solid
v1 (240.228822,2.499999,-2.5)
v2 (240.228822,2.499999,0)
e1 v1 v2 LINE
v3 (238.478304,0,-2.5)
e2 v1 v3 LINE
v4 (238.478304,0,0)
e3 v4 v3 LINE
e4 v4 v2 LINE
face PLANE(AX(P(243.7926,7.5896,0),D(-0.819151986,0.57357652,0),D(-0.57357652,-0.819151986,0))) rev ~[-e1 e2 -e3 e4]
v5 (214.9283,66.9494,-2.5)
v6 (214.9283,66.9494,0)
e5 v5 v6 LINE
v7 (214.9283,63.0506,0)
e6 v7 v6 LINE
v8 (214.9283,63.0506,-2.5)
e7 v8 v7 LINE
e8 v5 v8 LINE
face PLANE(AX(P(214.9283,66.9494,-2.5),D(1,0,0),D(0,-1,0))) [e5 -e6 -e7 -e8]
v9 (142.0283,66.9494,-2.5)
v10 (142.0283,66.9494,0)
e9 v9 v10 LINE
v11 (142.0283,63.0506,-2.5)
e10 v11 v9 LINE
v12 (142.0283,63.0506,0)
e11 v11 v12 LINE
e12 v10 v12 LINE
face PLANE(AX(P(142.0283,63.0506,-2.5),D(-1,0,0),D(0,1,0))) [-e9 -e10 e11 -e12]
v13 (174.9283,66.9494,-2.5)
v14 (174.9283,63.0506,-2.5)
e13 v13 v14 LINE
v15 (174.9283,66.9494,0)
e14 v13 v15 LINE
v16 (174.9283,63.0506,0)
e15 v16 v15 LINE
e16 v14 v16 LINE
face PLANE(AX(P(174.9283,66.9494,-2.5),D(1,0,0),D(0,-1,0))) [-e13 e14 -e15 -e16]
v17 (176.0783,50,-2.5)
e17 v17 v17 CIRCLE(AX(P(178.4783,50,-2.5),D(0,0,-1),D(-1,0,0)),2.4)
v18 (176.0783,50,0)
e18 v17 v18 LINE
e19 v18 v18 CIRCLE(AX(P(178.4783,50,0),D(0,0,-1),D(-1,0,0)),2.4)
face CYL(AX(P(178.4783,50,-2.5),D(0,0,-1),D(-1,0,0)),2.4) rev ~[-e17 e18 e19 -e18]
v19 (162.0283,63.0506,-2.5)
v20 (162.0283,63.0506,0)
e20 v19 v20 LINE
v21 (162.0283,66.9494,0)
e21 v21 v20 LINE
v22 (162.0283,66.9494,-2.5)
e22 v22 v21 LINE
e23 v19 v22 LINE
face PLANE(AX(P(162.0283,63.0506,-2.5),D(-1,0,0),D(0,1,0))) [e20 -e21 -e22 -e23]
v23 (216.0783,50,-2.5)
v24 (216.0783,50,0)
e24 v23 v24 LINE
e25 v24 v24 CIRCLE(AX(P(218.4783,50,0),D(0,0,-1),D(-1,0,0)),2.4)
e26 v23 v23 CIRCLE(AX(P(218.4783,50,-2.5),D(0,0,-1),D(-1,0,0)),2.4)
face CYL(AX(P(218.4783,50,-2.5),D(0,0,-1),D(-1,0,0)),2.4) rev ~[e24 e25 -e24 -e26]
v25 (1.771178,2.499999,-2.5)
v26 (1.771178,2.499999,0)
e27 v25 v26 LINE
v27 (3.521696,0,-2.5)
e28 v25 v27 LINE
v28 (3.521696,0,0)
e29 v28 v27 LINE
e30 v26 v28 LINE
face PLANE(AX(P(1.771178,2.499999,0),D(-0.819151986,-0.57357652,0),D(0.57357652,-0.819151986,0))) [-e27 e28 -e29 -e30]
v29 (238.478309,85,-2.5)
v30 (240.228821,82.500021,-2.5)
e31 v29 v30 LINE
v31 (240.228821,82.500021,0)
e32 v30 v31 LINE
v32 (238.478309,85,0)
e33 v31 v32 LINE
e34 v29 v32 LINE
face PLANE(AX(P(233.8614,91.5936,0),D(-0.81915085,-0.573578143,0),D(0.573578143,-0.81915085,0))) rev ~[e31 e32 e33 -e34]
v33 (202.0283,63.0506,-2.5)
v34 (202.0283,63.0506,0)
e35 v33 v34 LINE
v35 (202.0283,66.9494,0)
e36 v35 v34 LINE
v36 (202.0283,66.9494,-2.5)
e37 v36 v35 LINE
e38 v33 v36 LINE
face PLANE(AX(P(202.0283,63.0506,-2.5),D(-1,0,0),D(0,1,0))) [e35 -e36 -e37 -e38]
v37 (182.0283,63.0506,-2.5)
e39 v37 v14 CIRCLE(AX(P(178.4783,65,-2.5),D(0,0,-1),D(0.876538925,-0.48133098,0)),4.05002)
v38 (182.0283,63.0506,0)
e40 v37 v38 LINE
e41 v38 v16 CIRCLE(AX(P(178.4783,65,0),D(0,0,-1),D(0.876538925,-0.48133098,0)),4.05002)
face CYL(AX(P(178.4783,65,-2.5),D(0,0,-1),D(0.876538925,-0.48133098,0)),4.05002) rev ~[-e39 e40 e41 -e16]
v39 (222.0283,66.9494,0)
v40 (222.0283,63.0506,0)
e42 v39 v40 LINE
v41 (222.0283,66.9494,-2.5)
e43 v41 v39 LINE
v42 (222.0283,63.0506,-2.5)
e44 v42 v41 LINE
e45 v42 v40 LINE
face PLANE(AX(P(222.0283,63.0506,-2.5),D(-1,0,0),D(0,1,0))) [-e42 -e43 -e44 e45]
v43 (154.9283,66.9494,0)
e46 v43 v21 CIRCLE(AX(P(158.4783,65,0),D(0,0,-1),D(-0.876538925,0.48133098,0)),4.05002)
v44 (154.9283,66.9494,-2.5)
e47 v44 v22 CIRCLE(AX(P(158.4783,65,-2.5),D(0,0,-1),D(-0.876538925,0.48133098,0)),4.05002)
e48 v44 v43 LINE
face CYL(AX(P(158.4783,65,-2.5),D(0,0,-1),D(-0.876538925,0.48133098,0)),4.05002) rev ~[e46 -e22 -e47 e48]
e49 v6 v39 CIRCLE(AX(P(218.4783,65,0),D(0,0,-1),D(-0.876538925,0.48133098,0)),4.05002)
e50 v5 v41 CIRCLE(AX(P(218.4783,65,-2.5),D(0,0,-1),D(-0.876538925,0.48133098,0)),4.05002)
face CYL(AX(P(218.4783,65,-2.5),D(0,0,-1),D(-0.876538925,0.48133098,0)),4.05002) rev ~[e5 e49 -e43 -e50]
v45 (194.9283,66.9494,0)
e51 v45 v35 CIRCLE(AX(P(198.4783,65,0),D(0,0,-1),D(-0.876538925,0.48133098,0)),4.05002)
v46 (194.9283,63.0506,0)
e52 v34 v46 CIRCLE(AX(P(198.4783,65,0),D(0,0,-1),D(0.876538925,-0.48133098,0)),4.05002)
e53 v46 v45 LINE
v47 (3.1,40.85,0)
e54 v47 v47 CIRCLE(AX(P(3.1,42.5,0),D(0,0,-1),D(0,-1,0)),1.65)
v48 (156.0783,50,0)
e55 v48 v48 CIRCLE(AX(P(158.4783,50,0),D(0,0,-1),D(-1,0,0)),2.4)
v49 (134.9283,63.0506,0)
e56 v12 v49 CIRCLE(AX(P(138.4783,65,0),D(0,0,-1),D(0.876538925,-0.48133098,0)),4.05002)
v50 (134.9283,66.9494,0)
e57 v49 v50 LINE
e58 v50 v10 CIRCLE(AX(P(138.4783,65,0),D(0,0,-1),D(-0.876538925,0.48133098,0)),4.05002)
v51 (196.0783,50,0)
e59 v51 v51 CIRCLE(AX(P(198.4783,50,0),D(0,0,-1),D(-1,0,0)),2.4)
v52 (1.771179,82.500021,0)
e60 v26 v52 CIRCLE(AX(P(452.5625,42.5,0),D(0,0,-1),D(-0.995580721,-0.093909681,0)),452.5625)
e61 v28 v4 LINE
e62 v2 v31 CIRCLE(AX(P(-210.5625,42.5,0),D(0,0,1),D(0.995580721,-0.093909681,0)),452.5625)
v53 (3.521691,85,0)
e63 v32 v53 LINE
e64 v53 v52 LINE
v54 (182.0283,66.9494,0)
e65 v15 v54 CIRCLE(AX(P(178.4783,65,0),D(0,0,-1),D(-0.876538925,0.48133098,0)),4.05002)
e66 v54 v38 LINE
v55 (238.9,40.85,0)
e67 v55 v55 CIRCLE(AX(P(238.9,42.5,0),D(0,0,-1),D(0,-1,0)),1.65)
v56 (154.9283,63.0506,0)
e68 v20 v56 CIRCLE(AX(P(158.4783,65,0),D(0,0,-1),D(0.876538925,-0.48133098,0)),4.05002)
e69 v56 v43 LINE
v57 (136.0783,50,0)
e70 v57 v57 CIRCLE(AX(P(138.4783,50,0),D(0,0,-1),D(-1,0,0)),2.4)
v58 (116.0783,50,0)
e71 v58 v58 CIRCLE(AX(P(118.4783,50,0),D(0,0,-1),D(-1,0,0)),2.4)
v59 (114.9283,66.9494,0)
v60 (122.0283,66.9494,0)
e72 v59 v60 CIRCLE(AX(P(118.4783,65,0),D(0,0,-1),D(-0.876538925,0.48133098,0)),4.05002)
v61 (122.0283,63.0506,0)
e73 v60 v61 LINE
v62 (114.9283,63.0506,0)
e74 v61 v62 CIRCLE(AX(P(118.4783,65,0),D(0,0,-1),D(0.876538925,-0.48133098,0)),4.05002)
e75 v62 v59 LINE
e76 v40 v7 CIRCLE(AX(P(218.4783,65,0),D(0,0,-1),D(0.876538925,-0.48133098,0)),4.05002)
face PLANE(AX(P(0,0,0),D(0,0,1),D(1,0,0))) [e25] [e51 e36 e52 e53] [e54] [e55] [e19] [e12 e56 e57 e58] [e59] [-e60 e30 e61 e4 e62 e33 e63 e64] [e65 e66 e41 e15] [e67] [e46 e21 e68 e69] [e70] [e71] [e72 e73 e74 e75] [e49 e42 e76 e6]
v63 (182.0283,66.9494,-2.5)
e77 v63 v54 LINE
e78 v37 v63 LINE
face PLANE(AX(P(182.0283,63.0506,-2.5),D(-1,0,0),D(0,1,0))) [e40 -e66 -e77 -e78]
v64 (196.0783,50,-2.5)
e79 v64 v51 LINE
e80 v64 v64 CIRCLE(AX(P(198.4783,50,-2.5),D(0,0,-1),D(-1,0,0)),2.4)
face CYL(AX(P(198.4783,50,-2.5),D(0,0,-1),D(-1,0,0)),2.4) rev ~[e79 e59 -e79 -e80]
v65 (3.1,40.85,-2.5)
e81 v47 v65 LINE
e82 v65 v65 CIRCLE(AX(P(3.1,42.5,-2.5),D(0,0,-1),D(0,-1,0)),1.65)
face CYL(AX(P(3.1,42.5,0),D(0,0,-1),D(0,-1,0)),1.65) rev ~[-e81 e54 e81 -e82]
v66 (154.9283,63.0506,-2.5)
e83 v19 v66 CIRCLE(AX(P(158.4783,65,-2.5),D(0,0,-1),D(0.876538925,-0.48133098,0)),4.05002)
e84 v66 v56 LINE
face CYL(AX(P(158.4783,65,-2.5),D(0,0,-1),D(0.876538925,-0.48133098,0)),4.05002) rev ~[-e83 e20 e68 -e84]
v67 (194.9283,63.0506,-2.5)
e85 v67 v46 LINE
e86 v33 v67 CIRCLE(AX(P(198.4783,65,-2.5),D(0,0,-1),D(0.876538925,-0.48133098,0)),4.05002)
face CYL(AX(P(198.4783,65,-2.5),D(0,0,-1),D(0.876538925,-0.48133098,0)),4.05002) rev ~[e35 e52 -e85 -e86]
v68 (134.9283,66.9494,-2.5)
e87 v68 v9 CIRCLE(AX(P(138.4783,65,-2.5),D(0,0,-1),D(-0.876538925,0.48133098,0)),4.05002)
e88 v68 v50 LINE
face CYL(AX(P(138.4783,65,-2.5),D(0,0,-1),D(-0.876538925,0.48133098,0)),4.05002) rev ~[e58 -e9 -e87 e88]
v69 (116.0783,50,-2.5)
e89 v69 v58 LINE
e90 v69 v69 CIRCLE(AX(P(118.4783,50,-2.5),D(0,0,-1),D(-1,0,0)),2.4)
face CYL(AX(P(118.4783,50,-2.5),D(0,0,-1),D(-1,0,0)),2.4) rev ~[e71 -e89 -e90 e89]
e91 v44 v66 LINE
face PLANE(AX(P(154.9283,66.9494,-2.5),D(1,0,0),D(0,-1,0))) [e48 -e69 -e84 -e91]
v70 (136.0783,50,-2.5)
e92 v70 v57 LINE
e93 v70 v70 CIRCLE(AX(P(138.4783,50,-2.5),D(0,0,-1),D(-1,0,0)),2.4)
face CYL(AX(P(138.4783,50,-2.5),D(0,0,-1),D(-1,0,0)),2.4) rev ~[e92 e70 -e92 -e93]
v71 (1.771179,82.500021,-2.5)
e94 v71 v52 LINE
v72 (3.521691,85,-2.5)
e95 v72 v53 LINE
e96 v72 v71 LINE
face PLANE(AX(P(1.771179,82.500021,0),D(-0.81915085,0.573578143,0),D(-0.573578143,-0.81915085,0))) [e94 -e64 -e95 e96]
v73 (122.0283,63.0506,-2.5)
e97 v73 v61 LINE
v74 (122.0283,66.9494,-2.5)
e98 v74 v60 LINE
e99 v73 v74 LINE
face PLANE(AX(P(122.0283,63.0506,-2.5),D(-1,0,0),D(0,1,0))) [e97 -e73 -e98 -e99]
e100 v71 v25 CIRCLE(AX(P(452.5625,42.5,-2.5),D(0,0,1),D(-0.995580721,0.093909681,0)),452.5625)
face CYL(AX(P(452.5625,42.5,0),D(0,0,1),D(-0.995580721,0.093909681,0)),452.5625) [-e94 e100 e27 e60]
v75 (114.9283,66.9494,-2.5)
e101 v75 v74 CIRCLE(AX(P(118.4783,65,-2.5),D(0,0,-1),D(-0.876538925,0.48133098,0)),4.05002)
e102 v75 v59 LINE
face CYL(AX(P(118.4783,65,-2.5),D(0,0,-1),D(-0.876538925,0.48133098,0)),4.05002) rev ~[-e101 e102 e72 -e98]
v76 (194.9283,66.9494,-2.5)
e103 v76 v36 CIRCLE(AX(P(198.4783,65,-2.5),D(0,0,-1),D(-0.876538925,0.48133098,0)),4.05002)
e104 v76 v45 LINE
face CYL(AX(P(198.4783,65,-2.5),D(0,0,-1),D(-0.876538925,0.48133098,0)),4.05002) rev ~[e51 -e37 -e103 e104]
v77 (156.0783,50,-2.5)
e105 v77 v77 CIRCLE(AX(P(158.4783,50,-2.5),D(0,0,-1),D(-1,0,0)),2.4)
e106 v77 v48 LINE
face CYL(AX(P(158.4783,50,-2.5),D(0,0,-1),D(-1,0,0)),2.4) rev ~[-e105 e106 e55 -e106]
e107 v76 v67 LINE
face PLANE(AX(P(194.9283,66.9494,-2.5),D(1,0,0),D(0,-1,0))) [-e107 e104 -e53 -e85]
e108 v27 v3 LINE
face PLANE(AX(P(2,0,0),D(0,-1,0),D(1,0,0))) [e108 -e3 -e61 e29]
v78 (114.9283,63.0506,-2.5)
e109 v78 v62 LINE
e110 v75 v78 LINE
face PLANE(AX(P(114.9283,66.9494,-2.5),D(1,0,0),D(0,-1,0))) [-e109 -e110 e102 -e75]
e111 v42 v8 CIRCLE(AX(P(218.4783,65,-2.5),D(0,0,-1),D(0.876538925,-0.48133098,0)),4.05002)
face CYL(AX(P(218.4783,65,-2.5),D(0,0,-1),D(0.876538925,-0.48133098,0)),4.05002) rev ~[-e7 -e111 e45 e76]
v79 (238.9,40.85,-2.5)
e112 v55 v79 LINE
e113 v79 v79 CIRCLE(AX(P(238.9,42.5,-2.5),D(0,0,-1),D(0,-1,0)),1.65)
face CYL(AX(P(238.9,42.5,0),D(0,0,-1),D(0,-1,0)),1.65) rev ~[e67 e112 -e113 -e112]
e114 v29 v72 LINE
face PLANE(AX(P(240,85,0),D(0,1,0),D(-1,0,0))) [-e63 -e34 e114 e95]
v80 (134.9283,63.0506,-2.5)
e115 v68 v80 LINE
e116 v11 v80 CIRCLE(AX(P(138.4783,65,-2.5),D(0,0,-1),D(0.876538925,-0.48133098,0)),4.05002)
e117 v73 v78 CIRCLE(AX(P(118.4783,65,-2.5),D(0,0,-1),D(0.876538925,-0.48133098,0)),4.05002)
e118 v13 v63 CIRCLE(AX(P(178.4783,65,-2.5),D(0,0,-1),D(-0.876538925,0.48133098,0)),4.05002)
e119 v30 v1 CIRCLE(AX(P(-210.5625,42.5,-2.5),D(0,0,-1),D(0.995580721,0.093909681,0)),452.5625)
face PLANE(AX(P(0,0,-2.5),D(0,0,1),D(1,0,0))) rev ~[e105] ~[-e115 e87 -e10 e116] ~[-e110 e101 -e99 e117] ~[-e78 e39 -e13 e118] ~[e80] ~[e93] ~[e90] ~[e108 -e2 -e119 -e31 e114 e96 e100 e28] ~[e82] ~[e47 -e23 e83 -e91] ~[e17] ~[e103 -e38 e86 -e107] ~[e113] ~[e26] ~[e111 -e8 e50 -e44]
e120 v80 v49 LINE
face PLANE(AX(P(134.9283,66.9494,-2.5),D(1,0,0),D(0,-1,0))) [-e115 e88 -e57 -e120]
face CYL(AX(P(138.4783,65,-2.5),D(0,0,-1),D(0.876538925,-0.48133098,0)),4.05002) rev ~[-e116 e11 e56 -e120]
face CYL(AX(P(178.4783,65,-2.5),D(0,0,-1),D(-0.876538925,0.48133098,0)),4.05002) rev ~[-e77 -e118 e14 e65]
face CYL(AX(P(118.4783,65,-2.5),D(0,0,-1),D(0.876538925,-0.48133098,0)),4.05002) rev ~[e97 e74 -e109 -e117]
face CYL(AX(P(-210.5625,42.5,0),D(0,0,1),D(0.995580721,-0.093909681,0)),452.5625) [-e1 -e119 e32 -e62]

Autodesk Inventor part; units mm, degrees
ref_plane "YZ Plane" through (0, 0, 0) normal (1, 0, 0) x (0, 1, 0)
ref_plane "XZ Plane" through (0, 0, 0) normal (0, 1, 0) x (-1, 0, 0)
ref_plane "XY Plane" through (0, 0, 0) normal (0, 0, 1) x (1, 0, 0)
sketch "Skizze1" plane through (0, 0, 0) normal (0, 0, 1) x (1, 0, 0)
  line L0 (0, 0) -> (242, 0)
  line L1 (242, 0) -> (242, 85)
  line L2 (242, 85) -> (0, 85)
  line L3 (0, 85) -> (0, 0)
  line L4 (242, 42.5) -> (842, 42.5)
  line L5 (0, 42.5) -> (-937, 42.5)
  arc A0 (240, 0) -> (240, 85) centre (-210.5625, 42.5) ccw
  arc A1 (2, 85) -> (2, 0) centre (452.5625, 42.5) ccw
  dimension "d0" = 85
  dimension "d1" = 242
  dimension "d2" = 2
  dimension "d3" = 2
  dimension "d4" = 2
  dimension "d7" = 452.5625
  dimension "d8" = 452.5625
extrude "Extrusion1" add sketch "Skizze1" against normal blind 2.5 contours A1 L2 A0 L0
sketch "Skizze2" plane through (0, 0, 0) normal (0, 0, 1) x (1, 0, 0)
  line L0 (2, 0) -> (240, 0) projected
  line L1 (240, 85) -> (2, 85) projected
  line L2 (121, 0) -> (121, 85)
  point P0 (0, 0)
  point P1 (3.1, 42.5)
  point P2 (238.9, 42.5)
  dimension "d11" = 42.5
  dimension "d12" = 42.5
  dimension "d13" = 235.8
  dimension "d14" = 117.9
  dimension "d15" = 117.9
hole "Bohrung1" at (3.1, 42.5, 0) at (238.9, 42.5, 0) direction (0, 0, -1) diameter 3.3 depth 8 tip angle 118
sketch "Skizze3" plane through (0, 0, 0) normal (0, 0, 1) x (1, 0, 0)
  line L0 (2, 0) -> (240, 0) projected
  line L1 (240, 85) -> (2, 85) projected
  arc A0 (2, 85) -> (2, 0) centre (452.5625, 42.5) ccw projected
  line L2 (8.1386, 91.5936) -> (-1.2688, 78.1585)
  line L3 (-1.2688, 78.1585) -> (-1.2688, 91.5936)
  line L4 (-1.2688, 91.5936) -> (8.1386, 91.5936)
  line L5 (-1.7926, 7.5896) -> (9.0296, -7.8661)
  line L6 (9.0296, -7.8661) -> (-1.7926, -7.8661)
  line L7 (-1.7926, -7.8661) -> (-1.7926, 7.5896)
  line L8 (121, 0) -> (121, 85)
  line L9 (233.8614, 91.5936) -> (243.2688, 78.1585)
  line L10 (243.2688, 78.1585) -> (243.2688, 91.5936)
  line L11 (243.2688, 91.5936) -> (233.8614, 91.5936)
  line L12 (243.7926, 7.5896) -> (232.9704, -7.8661)
  line L13 (232.9704, -7.8661) -> (243.7926, -7.8661)
  line L14 (243.7926, -7.8661) -> (243.7926, 7.5896)
  point P0 (0, 0)
  point P1 (1.7712, 82.5)
  point P2 (1.7712, 2.5)
  point P3 (242, 0)
  point P4 (240.2288, 82.5)
  point P5 (240.2288, 2.5)
  dimension "d23" = 55
  dimension "d24" = 55
  dimension "d25" = 2.5
  dimension "d26" = 2.5
extrude "Extrusion2" cut sketch "Skizze3" against normal blind 5 contours A0 L5 L0 | L0 L5 L6 L7 A0 | L9 L11 L10 | L12 L14 L13 | L2 L3 L4 L1 A0 | A0 L1 L2
sketch "Sketch7" plane through (0, 0, 0) normal (0, 0, 1) x (1, 0, 0)
  point P0 (0, 0)
sketch "Sketch9" plane through (0, 0, -2.5) normal (0, 0, -1) x (-1, 0, 0)
  line L0 (-238.4783, 85) -> (-3.5217, 85) projected
  line L1 (-214.9283, 63.0506) -> (-222.0283, 63.0506) construction
  line L2 (-222.0283, 63.0506) -> (-222.0283, 66.9494)
  line L3 (-222.0283, 66.9494) -> (-214.9283, 66.9494) construction
  line L4 (-214.9283, 66.9494) -> (-214.9283, 63.0506)
  line L5 (-214.9283, 63.0506) -> (-222.0283, 66.9494) construction
  line L6 (-222.0283, 63.0506) -> (-214.9283, 66.9494) construction
  arc A0 (-222.0283, 63.0506) -> (-214.9283, 63.0506) centre (-218.4783, 65) ccw
  arc A1 (-214.9283, 66.9494) -> (-222.0283, 66.9494) centre (-218.4783, 65) ccw
  line L7 (-194.9283, 63.0506) -> (-202.0283, 63.0506) construction
  line L8 (-202.0283, 63.0506) -> (-202.0283, 66.9494)
  line L9 (-202.0283, 66.9494) -> (-194.9283, 66.9494) construction
  line L10 (-194.9283, 66.9494) -> (-194.9283, 63.0506)
  line L11 (-194.9283, 63.0506) -> (-202.0283, 66.9494) construction
  line L12 (-202.0283, 63.0506) -> (-194.9283, 66.9494) construction
  arc A2 (-202.0283, 63.0506) -> (-194.9283, 63.0506) centre (-198.4783, 65) ccw
  arc A3 (-194.9283, 66.9494) -> (-202.0283, 66.9494) centre (-198.4783, 65) ccw
  line L13 (-174.9283, 63.0506) -> (-182.0283, 63.0506) construction
  line L14 (-182.0283, 63.0506) -> (-182.0283, 66.9494)
  line L15 (-182.0283, 66.9494) -> (-174.9283, 66.9494) construction
  line L16 (-174.9283, 66.9494) -> (-174.9283, 63.0506)
  line L17 (-174.9283, 63.0506) -> (-182.0283, 66.9494) construction
  line L18 (-182.0283, 63.0506) -> (-174.9283, 66.9494) construction
  arc A4 (-182.0283, 63.0506) -> (-174.9283, 63.0506) centre (-178.4783, 65) ccw
  arc A5 (-174.9283, 66.9494) -> (-182.0283, 66.9494) centre (-178.4783, 65) ccw
  line L19 (-154.9283, 63.0506) -> (-162.0283, 63.0506) construction
  line L20 (-162.0283, 63.0506) -> (-162.0283, 66.9494)
  line L21 (-162.0283, 66.9494) -> (-154.9283, 66.9494) construction
  line L22 (-154.9283, 66.9494) -> (-154.9283, 63.0506)
  line L23 (-154.9283, 63.0506) -> (-162.0283, 66.9494) construction
  line L24 (-162.0283, 63.0506) -> (-154.9283, 66.9494) construction
  arc A6 (-162.0283, 63.0506) -> (-154.9283, 63.0506) centre (-158.4783, 65) ccw
  arc A7 (-154.9283, 66.9494) -> (-162.0283, 66.9494) centre (-158.4783, 65) ccw
  line L25 (-134.9283, 63.0506) -> (-142.0283, 63.0506) construction
  line L26 (-142.0283, 63.0506) -> (-142.0283, 66.9494)
  line L27 (-142.0283, 66.9494) -> (-134.9283, 66.9494) construction
  line L28 (-134.9283, 66.9494) -> (-134.9283, 63.0506)
  line L29 (-134.9283, 63.0506) -> (-142.0283, 66.9494) construction
  line L30 (-142.0283, 63.0506) -> (-134.9283, 66.9494) construction
  arc A8 (-142.0283, 63.0506) -> (-134.9283, 63.0506) centre (-138.4783, 65) ccw
  arc A9 (-134.9283, 66.9494) -> (-142.0283, 66.9494) centre (-138.4783, 65) ccw
  line L31 (-114.9283, 63.0506) -> (-122.0283, 63.0506) construction
  line L32 (-122.0283, 63.0506) -> (-122.0283, 66.9494)
  line L33 (-122.0283, 66.9494) -> (-114.9283, 66.9494) construction
  line L34 (-114.9283, 66.9494) -> (-114.9283, 63.0506)
  line L35 (-114.9283, 63.0506) -> (-122.0283, 66.9494) construction
  line L36 (-122.0283, 63.0506) -> (-114.9283, 66.9494) construction
  arc A10 (-122.0283, 63.0506) -> (-114.9283, 63.0506) centre (-118.4783, 65) ccw
  arc A11 (-114.9283, 66.9494) -> (-122.0283, 66.9494) centre (-118.4783, 65) ccw
  circle A12 centre (-218.4783, 50) radius 2.4
  circle A13 centre (-198.4783, 50) radius 2.4
  circle A14 centre (-178.4783, 50) radius 2.4
  circle A15 centre (-158.4783, 50) radius 2.4
  circle A16 centre (-138.4783, 50) radius 2.4
  circle A17 centre (-118.4783, 50) radius 2.4
  point P0 (0, 0)
  dimension "d97" = 20
  dimension "d98" = 20
  dimension "d99" = 7.1
  dimension "d100" = 4.05
  dimension "d103" = 20
  dimension "d108" = 15
  dimension "d109" = 4.8
  dimension "d112" = 20
extrude "Extrusion6" cut sketch "Sketch9" against normal blind 3
properties part number "Frontplatte Apra Xdream 418"
